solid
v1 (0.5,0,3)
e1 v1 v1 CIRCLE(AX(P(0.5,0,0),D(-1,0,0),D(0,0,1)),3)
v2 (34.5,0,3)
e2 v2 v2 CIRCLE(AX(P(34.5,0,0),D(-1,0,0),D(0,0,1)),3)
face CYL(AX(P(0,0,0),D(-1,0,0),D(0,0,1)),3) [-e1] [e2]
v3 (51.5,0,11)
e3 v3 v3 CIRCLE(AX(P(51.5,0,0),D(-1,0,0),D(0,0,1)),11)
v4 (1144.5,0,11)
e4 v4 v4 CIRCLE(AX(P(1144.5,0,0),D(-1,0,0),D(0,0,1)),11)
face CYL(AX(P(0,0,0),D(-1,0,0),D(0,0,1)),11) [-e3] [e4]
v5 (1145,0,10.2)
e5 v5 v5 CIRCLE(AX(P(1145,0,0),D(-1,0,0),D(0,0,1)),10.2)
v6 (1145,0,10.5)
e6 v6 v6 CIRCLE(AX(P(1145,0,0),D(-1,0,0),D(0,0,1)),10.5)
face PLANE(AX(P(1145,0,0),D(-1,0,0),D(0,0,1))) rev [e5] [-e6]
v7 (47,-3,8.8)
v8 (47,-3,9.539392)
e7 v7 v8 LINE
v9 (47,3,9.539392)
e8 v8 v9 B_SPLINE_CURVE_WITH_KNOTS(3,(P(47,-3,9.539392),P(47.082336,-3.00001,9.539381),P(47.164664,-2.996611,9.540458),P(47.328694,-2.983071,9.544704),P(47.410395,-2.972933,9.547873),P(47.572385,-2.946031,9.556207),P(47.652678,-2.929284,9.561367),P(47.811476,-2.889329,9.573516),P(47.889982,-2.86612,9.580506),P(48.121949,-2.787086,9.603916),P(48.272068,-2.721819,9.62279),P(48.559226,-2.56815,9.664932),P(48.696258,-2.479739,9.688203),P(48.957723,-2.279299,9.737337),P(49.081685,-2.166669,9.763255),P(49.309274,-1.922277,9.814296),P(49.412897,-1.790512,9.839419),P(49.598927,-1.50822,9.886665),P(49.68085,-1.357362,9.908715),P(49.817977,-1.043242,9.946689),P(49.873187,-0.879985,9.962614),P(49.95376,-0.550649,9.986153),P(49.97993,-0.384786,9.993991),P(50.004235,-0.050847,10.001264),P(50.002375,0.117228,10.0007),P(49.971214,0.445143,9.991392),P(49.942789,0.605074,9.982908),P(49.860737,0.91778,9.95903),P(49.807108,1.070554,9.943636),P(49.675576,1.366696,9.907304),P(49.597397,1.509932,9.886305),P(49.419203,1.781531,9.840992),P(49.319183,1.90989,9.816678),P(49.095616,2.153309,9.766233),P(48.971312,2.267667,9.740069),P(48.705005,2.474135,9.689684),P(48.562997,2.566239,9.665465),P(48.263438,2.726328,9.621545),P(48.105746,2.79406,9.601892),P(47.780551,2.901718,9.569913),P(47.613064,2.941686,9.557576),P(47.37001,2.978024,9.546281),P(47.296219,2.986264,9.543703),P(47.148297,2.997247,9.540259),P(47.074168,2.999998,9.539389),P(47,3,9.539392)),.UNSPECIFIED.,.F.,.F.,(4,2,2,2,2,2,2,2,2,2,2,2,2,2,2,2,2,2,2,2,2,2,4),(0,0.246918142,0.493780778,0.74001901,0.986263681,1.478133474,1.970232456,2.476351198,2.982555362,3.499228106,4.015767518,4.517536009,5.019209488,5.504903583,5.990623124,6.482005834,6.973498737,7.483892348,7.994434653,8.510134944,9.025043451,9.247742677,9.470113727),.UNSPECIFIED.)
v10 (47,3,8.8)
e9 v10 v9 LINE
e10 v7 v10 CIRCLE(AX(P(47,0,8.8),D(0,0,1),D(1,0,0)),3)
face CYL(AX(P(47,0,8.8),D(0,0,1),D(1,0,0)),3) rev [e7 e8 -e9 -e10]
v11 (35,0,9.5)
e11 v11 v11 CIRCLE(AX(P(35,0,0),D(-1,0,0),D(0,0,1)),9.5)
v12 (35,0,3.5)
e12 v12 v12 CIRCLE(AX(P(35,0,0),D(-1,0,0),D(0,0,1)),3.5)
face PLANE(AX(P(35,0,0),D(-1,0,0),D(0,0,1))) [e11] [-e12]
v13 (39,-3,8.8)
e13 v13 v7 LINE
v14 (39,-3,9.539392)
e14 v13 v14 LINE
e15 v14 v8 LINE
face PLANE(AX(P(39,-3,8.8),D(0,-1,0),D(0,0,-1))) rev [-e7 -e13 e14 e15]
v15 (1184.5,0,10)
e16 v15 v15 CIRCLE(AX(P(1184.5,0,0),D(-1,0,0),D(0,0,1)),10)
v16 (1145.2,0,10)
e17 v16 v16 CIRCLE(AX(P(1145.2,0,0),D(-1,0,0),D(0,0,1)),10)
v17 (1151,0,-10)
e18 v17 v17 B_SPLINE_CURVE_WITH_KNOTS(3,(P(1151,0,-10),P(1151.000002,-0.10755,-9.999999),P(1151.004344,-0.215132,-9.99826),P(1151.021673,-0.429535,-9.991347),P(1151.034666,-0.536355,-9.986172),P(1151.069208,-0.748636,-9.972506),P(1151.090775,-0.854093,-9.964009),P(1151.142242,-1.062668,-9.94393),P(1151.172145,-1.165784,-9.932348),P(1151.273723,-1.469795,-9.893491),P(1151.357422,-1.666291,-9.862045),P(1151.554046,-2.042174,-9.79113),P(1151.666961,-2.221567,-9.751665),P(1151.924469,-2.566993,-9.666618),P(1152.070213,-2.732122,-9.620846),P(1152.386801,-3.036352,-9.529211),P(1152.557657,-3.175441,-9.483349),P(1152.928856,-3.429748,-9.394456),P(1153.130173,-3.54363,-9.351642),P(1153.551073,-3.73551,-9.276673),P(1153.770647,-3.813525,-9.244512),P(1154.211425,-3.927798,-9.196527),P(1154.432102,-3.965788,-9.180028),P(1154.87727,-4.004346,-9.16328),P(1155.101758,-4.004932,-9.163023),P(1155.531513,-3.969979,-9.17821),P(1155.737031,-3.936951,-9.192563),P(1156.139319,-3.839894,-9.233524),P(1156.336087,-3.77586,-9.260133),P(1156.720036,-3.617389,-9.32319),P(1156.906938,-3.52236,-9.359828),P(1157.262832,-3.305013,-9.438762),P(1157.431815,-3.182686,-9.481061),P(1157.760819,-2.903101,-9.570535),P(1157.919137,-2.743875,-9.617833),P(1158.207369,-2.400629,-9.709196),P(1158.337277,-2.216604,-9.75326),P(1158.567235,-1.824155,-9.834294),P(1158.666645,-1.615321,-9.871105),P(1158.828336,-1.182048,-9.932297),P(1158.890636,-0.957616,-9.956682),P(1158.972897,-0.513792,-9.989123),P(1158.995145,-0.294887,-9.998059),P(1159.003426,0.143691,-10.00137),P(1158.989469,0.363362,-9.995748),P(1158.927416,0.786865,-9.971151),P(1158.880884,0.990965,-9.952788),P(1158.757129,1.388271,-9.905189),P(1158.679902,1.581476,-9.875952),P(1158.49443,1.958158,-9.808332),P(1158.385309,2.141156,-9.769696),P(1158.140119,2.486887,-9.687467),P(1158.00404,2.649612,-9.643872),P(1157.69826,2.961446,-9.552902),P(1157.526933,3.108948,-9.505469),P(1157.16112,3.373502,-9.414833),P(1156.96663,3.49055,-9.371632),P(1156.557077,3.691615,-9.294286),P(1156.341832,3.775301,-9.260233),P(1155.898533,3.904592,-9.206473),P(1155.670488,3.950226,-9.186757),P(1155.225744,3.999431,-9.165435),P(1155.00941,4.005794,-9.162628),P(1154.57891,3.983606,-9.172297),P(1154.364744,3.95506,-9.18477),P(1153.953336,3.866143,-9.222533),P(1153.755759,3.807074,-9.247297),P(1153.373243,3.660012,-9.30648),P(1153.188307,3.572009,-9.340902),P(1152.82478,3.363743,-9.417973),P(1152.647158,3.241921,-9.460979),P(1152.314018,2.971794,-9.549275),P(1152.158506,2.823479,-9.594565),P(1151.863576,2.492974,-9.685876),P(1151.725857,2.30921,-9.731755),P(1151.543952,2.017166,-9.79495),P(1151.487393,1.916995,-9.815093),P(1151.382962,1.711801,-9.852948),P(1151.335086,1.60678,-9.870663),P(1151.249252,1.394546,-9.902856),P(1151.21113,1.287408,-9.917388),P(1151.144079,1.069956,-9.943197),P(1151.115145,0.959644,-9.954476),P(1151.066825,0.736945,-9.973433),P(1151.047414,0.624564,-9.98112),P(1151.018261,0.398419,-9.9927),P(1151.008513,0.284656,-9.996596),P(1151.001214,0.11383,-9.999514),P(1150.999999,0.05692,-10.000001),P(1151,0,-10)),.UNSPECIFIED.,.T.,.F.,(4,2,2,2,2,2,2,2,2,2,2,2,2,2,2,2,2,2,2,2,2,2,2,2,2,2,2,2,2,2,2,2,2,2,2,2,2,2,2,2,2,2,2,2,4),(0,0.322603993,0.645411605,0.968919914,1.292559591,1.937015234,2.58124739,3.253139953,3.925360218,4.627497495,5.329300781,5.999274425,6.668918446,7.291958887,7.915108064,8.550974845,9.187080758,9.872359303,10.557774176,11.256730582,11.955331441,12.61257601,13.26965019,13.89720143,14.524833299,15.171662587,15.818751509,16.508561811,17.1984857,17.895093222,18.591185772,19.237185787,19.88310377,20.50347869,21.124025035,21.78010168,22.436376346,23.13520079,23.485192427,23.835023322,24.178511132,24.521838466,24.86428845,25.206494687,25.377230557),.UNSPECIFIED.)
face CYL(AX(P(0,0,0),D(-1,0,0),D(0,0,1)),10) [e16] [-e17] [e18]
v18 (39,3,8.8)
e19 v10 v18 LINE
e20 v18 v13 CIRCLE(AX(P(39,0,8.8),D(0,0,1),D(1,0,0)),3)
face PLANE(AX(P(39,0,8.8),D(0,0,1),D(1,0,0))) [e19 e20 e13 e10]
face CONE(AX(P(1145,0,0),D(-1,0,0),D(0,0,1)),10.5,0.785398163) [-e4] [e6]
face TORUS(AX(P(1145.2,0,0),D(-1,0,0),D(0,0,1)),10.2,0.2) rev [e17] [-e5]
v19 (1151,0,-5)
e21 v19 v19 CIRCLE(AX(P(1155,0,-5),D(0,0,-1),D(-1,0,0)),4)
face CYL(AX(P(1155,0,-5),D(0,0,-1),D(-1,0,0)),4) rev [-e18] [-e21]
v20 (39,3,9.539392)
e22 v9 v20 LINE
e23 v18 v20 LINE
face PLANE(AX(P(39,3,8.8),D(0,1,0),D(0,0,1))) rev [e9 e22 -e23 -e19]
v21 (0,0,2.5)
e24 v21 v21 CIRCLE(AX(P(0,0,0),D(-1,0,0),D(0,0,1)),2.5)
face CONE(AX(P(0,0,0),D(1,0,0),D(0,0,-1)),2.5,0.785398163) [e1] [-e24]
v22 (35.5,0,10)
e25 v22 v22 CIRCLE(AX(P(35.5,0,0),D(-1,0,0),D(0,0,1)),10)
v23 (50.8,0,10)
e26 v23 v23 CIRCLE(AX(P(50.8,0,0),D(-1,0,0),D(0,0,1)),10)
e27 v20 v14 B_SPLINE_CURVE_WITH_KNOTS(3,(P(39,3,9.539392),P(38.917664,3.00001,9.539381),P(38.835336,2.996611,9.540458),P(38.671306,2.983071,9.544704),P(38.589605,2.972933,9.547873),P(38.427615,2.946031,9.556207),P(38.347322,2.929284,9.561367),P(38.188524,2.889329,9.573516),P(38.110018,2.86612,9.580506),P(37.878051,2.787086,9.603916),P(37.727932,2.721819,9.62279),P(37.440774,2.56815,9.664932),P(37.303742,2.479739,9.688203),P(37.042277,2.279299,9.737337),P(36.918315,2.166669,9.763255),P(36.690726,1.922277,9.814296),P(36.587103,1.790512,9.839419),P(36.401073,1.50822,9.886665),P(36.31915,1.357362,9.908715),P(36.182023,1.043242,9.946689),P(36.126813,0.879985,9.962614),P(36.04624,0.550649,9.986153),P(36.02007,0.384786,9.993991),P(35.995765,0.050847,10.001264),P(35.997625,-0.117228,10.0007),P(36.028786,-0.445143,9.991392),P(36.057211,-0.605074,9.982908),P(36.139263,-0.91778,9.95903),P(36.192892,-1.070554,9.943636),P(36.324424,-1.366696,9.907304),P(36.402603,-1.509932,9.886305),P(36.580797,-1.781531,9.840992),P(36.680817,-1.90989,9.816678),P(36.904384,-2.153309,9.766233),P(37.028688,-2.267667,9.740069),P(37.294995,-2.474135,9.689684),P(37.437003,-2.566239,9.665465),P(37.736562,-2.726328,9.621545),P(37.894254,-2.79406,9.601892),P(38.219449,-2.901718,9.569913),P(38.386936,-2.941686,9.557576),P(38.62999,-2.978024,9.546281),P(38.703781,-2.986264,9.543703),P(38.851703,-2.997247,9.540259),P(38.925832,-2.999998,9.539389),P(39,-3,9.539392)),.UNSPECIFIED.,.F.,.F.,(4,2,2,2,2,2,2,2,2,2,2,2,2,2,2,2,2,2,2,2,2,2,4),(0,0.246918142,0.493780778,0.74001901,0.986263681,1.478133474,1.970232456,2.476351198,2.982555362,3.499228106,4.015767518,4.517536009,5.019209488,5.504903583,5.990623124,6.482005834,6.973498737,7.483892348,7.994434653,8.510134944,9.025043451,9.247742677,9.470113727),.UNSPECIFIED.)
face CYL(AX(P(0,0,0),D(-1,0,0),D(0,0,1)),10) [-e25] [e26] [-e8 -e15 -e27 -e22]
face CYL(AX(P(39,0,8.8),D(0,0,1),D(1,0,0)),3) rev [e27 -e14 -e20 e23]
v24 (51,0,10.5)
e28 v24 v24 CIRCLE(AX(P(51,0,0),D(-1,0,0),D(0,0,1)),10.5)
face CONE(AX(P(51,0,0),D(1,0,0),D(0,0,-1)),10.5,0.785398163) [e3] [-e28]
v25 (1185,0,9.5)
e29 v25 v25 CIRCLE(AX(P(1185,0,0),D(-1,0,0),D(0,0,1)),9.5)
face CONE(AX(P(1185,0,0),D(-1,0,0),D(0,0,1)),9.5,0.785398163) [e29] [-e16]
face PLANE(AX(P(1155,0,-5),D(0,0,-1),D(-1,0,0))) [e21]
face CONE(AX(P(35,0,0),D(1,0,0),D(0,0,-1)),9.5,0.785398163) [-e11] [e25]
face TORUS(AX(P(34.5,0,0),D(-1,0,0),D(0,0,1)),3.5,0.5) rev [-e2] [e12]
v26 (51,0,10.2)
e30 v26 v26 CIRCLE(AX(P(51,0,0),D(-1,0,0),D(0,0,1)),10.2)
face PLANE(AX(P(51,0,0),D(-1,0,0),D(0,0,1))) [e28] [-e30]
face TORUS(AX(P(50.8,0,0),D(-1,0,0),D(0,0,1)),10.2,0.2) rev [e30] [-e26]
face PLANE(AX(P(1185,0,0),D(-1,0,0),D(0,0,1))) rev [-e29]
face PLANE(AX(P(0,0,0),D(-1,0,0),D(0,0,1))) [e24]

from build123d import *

# Parameters (mm, degrees)
CUT_EXTRUDE_1_DEPTH = 1.2
SKETCH_5_R          = 4
CUT_EXTRUDE_2_DEPTH = 5


with BuildPart() as part:
    # Эскиз1 → Повернуть1 (revolve)
    with BuildSketch(Plane.XY):
        with BuildLine():
            Line((0, 2.5), (0, 0))
            Line((0, 0), (720.314175827, 0))
            Line((720.314175827, 0), (1185, 0))
            Line((1185, 0), (1185, 9.5))
            Line((1185, 9.5), (1184.5, 10))
            Line((1184.5, 10), (1145.2, 10))
            ThreePointArc((1145.2, 10), (1145.058578644, 10.058578644), (1145, 10.2))
            Line((1145, 10.2), (1145, 10.5))
            Line((1145, 10.5), (1144.5, 11))
            Line((1144.5, 11), (51.5, 11))
            Line((51.5, 11), (51, 10.5))
            Line((51, 10.5), (51, 10.2))
            ThreePointArc((51, 10.2), (50.941421356, 10.058578644), (50.8, 10))
            Line((50.8, 10), (35.5, 10))
            Line((35.5, 10), (35, 9.5))
            Line((35, 9.5), (35, 3.5))
            ThreePointArc((35, 3.5), (34.853553391, 3.146446609), (34.5, 3))
            Line((34.5, 3), (0.5, 3))
            Line((0.5, 3), (0, 2.5))
        make_face()
    revolve(axis=Axis((0, 0, 0), (1, 0, 0)))

    # Эскиз3 → Вырез-Вытянуть1 (cut)
    with BuildSketch(Plane.XY.offset(10)):
        with BuildLine():
            Line((39, 3), (47, 3))
            ThreePointArc((47, 3), (50, 0), (47, -3))
            Line((47, -3), (39, -3))
            ThreePointArc((39, -3), (36, 0), (39, 3))
        make_face()
    extrude(amount=-CUT_EXTRUDE_1_DEPTH, mode=Mode.SUBTRACT)

    # Эскиз5 → Вырез-Вытянуть2 (cut)
    with BuildSketch(Plane(origin=(0, 0, -10), x_dir=(-1, 0, 0), z_dir=(0, 0, -1))):
        with Locations((-1155, 0)):
            Circle(SKETCH_5_R)
    extrude(amount=-CUT_EXTRUDE_2_DEPTH, mode=Mode.SUBTRACT)


solid = part.part
